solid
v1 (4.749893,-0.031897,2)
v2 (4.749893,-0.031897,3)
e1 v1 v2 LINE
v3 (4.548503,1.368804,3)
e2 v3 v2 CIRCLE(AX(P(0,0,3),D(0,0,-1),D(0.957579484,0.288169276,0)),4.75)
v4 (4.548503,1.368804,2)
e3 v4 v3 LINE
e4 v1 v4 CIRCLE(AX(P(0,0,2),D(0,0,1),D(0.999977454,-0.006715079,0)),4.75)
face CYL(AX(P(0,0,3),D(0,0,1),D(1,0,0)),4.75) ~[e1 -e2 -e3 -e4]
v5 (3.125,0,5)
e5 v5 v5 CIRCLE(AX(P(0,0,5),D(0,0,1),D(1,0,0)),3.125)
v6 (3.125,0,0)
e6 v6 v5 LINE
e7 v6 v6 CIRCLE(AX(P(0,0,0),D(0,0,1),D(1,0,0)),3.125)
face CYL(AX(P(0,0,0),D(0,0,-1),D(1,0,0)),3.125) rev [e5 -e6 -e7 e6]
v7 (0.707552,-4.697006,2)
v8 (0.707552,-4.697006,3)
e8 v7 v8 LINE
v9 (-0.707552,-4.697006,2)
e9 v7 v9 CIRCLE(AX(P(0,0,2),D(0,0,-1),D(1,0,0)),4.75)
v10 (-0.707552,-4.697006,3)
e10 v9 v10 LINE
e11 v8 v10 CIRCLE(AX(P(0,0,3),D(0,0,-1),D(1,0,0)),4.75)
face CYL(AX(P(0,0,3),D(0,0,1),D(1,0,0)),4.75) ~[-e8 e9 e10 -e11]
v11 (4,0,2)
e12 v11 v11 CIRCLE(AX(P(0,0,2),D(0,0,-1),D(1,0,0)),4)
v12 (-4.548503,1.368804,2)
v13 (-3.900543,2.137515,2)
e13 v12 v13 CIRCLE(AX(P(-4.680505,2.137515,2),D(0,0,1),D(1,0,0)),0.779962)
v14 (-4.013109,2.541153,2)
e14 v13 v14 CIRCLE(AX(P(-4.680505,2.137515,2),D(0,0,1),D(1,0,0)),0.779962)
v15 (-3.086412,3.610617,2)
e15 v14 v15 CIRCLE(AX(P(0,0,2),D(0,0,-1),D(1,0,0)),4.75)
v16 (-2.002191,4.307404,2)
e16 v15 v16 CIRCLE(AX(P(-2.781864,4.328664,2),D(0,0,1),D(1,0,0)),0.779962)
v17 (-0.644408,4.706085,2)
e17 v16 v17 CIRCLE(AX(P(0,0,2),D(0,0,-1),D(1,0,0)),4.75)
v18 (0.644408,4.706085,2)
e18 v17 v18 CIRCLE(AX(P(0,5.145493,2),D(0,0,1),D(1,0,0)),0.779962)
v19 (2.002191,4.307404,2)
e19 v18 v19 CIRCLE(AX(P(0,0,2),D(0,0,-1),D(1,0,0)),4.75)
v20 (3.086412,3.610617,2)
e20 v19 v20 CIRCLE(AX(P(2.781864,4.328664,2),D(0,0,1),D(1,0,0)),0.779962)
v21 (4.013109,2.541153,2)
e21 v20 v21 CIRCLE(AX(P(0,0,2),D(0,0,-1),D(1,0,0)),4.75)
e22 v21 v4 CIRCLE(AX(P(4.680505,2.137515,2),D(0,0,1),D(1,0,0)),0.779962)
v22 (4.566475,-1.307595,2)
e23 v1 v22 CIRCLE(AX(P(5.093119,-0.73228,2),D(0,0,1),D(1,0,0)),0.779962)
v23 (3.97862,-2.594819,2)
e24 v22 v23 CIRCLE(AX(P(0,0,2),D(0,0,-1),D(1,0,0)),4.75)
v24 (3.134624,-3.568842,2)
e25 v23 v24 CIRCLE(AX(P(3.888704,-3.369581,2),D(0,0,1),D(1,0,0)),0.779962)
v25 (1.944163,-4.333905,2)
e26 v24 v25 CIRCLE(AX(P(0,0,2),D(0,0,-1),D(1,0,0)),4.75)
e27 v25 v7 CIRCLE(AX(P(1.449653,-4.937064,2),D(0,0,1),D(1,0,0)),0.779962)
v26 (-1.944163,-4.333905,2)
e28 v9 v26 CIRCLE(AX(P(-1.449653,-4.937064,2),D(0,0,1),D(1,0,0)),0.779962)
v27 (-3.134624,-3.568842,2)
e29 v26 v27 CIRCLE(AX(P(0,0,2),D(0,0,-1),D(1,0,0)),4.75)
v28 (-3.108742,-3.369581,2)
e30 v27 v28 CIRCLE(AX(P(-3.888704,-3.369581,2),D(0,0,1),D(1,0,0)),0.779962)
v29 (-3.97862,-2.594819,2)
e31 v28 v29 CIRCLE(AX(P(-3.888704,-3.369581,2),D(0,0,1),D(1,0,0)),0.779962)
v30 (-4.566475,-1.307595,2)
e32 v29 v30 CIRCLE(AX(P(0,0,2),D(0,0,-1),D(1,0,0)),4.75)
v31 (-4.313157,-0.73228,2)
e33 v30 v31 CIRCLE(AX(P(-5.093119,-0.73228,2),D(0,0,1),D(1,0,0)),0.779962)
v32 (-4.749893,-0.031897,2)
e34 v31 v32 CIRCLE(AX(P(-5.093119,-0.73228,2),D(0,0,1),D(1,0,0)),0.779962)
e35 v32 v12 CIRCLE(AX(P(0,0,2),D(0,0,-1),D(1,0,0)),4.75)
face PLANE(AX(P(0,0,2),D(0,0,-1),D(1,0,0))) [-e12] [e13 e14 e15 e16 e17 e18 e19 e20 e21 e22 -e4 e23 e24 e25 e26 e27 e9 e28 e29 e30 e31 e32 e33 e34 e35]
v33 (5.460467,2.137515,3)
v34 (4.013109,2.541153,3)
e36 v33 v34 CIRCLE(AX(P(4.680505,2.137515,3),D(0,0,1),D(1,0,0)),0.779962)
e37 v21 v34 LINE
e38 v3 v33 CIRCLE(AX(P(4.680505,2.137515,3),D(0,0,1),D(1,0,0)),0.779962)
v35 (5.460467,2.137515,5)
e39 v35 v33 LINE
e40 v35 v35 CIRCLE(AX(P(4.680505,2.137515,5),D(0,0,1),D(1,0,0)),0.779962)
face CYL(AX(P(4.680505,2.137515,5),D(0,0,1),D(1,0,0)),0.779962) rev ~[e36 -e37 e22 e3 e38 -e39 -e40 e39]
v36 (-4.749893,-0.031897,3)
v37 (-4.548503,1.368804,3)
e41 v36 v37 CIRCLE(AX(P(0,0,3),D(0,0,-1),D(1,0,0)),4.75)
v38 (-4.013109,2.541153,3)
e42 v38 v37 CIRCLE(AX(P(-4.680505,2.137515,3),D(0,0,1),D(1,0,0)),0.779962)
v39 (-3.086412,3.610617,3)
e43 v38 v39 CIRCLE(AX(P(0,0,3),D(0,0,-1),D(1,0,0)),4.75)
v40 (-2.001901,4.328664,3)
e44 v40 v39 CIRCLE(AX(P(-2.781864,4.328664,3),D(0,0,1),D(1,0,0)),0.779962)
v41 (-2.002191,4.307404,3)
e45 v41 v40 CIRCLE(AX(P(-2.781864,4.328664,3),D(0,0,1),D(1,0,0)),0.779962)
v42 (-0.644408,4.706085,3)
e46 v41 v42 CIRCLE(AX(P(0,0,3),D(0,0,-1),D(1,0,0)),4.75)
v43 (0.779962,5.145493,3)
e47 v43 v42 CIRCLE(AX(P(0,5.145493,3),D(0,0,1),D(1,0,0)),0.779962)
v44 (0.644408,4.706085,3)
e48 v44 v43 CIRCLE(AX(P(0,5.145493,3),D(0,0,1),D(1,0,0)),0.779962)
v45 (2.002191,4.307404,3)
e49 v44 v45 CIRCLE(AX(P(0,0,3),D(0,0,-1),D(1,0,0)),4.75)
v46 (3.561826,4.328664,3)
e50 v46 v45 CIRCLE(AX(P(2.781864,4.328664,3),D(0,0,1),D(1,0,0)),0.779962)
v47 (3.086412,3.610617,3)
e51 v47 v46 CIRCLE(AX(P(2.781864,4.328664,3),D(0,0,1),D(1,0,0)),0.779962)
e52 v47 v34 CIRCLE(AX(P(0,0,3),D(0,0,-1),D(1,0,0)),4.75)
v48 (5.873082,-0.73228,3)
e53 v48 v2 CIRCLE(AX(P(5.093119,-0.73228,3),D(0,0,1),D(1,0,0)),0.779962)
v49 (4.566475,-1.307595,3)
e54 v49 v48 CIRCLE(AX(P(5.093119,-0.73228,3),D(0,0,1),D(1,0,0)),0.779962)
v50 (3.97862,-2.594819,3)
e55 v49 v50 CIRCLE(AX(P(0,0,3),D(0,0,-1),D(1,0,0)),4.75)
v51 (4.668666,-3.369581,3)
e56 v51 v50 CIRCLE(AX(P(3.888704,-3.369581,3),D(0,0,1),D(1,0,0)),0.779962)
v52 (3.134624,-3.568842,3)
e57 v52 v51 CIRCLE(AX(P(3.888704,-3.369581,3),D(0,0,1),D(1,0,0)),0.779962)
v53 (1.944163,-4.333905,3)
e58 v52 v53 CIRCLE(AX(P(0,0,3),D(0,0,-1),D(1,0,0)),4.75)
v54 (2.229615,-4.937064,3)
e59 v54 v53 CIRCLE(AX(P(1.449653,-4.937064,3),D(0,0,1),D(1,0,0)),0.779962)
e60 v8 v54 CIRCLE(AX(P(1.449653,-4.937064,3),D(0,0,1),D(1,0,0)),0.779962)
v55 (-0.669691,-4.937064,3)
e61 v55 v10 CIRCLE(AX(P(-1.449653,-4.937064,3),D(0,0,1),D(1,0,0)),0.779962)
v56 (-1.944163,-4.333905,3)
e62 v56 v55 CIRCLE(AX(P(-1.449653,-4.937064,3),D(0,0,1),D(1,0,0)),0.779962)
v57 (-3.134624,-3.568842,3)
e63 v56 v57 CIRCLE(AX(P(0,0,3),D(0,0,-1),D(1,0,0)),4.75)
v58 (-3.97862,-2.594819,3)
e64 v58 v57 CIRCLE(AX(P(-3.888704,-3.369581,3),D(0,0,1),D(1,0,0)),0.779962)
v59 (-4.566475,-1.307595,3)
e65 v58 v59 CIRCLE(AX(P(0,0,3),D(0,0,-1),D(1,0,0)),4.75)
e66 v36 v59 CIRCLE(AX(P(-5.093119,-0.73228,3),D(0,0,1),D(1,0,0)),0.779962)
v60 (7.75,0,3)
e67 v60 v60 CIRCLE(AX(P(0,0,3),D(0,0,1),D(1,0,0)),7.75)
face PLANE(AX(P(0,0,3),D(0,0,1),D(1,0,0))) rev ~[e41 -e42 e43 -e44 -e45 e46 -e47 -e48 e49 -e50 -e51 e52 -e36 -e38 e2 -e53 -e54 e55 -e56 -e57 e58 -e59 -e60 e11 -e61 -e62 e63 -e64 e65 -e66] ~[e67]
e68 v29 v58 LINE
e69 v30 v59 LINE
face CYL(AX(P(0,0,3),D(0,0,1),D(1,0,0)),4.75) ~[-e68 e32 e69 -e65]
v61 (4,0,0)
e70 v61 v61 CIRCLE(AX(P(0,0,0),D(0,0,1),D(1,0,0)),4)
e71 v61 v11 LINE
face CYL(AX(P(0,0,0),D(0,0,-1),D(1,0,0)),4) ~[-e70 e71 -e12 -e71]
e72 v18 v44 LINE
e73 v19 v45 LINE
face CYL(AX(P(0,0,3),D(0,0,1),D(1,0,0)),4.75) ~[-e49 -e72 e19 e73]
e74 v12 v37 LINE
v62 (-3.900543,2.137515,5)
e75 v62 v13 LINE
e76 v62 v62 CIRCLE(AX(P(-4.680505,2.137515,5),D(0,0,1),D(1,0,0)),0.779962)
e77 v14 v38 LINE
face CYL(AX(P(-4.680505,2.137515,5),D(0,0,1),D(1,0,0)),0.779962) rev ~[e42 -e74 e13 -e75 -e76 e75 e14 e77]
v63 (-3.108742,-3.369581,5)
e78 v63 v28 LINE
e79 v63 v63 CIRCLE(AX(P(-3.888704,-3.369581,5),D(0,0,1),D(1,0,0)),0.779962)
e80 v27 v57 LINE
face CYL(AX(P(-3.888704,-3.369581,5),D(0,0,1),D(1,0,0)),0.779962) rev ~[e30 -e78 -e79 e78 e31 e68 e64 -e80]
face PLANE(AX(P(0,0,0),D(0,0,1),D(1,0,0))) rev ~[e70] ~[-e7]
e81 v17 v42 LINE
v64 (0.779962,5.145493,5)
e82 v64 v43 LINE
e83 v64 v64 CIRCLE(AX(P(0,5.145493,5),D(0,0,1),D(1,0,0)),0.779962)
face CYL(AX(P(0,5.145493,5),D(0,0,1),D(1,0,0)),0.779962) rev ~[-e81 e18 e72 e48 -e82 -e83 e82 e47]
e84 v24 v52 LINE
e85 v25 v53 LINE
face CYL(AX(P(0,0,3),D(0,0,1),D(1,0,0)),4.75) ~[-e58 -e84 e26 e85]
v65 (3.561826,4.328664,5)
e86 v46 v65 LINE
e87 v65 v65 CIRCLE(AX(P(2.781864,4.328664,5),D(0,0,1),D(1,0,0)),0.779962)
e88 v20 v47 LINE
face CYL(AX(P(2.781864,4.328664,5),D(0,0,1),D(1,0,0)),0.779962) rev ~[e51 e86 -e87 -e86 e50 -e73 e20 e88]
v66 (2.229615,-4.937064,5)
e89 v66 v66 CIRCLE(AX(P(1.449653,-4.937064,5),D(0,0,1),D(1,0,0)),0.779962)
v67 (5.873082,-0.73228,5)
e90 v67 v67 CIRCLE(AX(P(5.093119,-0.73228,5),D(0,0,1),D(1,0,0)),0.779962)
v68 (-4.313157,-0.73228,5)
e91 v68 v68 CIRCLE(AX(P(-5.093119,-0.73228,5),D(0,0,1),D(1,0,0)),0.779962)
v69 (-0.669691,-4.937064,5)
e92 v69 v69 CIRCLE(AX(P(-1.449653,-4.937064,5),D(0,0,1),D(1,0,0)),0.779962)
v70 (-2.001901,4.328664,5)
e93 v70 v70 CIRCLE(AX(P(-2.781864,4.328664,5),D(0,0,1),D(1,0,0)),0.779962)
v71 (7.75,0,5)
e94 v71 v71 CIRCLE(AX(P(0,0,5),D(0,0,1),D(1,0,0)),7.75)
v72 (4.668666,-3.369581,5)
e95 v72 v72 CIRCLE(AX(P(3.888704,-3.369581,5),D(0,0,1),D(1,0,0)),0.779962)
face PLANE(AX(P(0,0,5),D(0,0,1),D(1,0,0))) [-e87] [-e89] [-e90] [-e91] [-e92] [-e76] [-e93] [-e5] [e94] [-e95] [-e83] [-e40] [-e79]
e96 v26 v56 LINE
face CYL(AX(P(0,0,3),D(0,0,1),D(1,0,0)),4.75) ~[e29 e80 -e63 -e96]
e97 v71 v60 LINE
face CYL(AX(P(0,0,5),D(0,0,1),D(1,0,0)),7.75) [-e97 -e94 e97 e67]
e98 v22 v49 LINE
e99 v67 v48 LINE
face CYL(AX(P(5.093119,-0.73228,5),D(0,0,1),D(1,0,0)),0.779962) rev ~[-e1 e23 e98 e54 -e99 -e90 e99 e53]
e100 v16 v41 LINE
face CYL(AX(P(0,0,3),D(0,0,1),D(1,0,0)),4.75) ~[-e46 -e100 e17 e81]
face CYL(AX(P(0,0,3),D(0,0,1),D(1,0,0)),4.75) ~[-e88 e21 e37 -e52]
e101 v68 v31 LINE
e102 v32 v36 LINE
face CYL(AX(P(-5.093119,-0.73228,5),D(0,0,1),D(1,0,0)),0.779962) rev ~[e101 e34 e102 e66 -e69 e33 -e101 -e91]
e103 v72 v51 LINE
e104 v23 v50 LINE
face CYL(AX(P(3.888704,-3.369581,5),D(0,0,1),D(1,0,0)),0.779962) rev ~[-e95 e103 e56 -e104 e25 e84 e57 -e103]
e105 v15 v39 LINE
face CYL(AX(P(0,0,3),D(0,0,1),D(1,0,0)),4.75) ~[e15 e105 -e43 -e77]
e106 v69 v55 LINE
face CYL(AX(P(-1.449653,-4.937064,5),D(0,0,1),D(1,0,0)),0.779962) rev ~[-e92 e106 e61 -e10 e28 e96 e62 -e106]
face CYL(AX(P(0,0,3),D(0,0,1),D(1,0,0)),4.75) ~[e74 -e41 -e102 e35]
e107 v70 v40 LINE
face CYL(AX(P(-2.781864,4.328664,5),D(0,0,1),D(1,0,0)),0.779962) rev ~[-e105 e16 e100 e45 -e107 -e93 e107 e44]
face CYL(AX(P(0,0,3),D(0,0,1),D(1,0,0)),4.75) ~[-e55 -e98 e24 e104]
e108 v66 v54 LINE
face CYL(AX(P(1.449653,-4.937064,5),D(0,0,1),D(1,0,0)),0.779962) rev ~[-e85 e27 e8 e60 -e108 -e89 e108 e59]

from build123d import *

# Parameters (mm, degrees)
F0_R     = 4
F0_R_2   = 3.125
F1_DEPTH = 5
F2_R     = 7.75
F2_R_2   = 4
F3_DEPTH = 2
F4_R     = 4.75
F4_R_2   = 4
F5_DEPTH = 1
F6_R     = 0.7799623088
F7_DEPTH = 12.7


with BuildPart() as f1:
    # F0 (on Top) → F1 (new body)
    with BuildSketch(Plane.XY):
        Circle(F0_R)
        Circle(F0_R_2, mode=Mode.SUBTRACT)
    extrude(amount=F1_DEPTH)

    # F2 (on face) → F3 (join)
    with BuildSketch(Plane.XY.offset(5)):
        Circle(F2_R)
        Circle(F2_R_2, mode=Mode.SUBTRACT)
    extrude(amount=-F3_DEPTH)

    # F4 (on face) → F5 (join)
    with BuildSketch(Plane(origin=(0, 0, 3), x_dir=(1, 0, 0), z_dir=(0, 0, -1))):
        Circle(F4_R)
        Circle(F4_R_2, mode=Mode.SUBTRACT)
    extrude(amount=F5_DEPTH)

    # F6 (on face) → F7 (cut, symmetric)
    with BuildSketch(Plane.XY.offset(5)):
        with Locations((0, 5.1454929635)):
            Circle(F6_R)
        with Locations((-2.781863522, 4.3286641337)):
            Circle(F6_R)
        with Locations((-4.6805050315, 2.1375150263)):
            Circle(F6_R)
        with Locations((-5.0931192643, -0.7322799989)):
            Circle(F6_R)
        with Locations((-3.888704117, -3.3695812986)):
            Circle(F6_R)
        with Locations((-1.4496528888, -4.9370643443)):
            Circle(F6_R)
        with Locations((1.4496528888, -4.9370643443)):
            Circle(F6_R)
        with Locations((3.888704117, -3.3695812986)):
            Circle(F6_R)
        with Locations((5.0931192643, -0.7322799989)):
            Circle(F6_R)
        with Locations((4.6805050315, 2.1375150263)):
            Circle(F6_R)
        with Locations((2.781863522, 4.3286641337)):
            Circle(F6_R)
    extrude(amount=F7_DEPTH, both=True, mode=Mode.SUBTRACT)


solid = f1.part
